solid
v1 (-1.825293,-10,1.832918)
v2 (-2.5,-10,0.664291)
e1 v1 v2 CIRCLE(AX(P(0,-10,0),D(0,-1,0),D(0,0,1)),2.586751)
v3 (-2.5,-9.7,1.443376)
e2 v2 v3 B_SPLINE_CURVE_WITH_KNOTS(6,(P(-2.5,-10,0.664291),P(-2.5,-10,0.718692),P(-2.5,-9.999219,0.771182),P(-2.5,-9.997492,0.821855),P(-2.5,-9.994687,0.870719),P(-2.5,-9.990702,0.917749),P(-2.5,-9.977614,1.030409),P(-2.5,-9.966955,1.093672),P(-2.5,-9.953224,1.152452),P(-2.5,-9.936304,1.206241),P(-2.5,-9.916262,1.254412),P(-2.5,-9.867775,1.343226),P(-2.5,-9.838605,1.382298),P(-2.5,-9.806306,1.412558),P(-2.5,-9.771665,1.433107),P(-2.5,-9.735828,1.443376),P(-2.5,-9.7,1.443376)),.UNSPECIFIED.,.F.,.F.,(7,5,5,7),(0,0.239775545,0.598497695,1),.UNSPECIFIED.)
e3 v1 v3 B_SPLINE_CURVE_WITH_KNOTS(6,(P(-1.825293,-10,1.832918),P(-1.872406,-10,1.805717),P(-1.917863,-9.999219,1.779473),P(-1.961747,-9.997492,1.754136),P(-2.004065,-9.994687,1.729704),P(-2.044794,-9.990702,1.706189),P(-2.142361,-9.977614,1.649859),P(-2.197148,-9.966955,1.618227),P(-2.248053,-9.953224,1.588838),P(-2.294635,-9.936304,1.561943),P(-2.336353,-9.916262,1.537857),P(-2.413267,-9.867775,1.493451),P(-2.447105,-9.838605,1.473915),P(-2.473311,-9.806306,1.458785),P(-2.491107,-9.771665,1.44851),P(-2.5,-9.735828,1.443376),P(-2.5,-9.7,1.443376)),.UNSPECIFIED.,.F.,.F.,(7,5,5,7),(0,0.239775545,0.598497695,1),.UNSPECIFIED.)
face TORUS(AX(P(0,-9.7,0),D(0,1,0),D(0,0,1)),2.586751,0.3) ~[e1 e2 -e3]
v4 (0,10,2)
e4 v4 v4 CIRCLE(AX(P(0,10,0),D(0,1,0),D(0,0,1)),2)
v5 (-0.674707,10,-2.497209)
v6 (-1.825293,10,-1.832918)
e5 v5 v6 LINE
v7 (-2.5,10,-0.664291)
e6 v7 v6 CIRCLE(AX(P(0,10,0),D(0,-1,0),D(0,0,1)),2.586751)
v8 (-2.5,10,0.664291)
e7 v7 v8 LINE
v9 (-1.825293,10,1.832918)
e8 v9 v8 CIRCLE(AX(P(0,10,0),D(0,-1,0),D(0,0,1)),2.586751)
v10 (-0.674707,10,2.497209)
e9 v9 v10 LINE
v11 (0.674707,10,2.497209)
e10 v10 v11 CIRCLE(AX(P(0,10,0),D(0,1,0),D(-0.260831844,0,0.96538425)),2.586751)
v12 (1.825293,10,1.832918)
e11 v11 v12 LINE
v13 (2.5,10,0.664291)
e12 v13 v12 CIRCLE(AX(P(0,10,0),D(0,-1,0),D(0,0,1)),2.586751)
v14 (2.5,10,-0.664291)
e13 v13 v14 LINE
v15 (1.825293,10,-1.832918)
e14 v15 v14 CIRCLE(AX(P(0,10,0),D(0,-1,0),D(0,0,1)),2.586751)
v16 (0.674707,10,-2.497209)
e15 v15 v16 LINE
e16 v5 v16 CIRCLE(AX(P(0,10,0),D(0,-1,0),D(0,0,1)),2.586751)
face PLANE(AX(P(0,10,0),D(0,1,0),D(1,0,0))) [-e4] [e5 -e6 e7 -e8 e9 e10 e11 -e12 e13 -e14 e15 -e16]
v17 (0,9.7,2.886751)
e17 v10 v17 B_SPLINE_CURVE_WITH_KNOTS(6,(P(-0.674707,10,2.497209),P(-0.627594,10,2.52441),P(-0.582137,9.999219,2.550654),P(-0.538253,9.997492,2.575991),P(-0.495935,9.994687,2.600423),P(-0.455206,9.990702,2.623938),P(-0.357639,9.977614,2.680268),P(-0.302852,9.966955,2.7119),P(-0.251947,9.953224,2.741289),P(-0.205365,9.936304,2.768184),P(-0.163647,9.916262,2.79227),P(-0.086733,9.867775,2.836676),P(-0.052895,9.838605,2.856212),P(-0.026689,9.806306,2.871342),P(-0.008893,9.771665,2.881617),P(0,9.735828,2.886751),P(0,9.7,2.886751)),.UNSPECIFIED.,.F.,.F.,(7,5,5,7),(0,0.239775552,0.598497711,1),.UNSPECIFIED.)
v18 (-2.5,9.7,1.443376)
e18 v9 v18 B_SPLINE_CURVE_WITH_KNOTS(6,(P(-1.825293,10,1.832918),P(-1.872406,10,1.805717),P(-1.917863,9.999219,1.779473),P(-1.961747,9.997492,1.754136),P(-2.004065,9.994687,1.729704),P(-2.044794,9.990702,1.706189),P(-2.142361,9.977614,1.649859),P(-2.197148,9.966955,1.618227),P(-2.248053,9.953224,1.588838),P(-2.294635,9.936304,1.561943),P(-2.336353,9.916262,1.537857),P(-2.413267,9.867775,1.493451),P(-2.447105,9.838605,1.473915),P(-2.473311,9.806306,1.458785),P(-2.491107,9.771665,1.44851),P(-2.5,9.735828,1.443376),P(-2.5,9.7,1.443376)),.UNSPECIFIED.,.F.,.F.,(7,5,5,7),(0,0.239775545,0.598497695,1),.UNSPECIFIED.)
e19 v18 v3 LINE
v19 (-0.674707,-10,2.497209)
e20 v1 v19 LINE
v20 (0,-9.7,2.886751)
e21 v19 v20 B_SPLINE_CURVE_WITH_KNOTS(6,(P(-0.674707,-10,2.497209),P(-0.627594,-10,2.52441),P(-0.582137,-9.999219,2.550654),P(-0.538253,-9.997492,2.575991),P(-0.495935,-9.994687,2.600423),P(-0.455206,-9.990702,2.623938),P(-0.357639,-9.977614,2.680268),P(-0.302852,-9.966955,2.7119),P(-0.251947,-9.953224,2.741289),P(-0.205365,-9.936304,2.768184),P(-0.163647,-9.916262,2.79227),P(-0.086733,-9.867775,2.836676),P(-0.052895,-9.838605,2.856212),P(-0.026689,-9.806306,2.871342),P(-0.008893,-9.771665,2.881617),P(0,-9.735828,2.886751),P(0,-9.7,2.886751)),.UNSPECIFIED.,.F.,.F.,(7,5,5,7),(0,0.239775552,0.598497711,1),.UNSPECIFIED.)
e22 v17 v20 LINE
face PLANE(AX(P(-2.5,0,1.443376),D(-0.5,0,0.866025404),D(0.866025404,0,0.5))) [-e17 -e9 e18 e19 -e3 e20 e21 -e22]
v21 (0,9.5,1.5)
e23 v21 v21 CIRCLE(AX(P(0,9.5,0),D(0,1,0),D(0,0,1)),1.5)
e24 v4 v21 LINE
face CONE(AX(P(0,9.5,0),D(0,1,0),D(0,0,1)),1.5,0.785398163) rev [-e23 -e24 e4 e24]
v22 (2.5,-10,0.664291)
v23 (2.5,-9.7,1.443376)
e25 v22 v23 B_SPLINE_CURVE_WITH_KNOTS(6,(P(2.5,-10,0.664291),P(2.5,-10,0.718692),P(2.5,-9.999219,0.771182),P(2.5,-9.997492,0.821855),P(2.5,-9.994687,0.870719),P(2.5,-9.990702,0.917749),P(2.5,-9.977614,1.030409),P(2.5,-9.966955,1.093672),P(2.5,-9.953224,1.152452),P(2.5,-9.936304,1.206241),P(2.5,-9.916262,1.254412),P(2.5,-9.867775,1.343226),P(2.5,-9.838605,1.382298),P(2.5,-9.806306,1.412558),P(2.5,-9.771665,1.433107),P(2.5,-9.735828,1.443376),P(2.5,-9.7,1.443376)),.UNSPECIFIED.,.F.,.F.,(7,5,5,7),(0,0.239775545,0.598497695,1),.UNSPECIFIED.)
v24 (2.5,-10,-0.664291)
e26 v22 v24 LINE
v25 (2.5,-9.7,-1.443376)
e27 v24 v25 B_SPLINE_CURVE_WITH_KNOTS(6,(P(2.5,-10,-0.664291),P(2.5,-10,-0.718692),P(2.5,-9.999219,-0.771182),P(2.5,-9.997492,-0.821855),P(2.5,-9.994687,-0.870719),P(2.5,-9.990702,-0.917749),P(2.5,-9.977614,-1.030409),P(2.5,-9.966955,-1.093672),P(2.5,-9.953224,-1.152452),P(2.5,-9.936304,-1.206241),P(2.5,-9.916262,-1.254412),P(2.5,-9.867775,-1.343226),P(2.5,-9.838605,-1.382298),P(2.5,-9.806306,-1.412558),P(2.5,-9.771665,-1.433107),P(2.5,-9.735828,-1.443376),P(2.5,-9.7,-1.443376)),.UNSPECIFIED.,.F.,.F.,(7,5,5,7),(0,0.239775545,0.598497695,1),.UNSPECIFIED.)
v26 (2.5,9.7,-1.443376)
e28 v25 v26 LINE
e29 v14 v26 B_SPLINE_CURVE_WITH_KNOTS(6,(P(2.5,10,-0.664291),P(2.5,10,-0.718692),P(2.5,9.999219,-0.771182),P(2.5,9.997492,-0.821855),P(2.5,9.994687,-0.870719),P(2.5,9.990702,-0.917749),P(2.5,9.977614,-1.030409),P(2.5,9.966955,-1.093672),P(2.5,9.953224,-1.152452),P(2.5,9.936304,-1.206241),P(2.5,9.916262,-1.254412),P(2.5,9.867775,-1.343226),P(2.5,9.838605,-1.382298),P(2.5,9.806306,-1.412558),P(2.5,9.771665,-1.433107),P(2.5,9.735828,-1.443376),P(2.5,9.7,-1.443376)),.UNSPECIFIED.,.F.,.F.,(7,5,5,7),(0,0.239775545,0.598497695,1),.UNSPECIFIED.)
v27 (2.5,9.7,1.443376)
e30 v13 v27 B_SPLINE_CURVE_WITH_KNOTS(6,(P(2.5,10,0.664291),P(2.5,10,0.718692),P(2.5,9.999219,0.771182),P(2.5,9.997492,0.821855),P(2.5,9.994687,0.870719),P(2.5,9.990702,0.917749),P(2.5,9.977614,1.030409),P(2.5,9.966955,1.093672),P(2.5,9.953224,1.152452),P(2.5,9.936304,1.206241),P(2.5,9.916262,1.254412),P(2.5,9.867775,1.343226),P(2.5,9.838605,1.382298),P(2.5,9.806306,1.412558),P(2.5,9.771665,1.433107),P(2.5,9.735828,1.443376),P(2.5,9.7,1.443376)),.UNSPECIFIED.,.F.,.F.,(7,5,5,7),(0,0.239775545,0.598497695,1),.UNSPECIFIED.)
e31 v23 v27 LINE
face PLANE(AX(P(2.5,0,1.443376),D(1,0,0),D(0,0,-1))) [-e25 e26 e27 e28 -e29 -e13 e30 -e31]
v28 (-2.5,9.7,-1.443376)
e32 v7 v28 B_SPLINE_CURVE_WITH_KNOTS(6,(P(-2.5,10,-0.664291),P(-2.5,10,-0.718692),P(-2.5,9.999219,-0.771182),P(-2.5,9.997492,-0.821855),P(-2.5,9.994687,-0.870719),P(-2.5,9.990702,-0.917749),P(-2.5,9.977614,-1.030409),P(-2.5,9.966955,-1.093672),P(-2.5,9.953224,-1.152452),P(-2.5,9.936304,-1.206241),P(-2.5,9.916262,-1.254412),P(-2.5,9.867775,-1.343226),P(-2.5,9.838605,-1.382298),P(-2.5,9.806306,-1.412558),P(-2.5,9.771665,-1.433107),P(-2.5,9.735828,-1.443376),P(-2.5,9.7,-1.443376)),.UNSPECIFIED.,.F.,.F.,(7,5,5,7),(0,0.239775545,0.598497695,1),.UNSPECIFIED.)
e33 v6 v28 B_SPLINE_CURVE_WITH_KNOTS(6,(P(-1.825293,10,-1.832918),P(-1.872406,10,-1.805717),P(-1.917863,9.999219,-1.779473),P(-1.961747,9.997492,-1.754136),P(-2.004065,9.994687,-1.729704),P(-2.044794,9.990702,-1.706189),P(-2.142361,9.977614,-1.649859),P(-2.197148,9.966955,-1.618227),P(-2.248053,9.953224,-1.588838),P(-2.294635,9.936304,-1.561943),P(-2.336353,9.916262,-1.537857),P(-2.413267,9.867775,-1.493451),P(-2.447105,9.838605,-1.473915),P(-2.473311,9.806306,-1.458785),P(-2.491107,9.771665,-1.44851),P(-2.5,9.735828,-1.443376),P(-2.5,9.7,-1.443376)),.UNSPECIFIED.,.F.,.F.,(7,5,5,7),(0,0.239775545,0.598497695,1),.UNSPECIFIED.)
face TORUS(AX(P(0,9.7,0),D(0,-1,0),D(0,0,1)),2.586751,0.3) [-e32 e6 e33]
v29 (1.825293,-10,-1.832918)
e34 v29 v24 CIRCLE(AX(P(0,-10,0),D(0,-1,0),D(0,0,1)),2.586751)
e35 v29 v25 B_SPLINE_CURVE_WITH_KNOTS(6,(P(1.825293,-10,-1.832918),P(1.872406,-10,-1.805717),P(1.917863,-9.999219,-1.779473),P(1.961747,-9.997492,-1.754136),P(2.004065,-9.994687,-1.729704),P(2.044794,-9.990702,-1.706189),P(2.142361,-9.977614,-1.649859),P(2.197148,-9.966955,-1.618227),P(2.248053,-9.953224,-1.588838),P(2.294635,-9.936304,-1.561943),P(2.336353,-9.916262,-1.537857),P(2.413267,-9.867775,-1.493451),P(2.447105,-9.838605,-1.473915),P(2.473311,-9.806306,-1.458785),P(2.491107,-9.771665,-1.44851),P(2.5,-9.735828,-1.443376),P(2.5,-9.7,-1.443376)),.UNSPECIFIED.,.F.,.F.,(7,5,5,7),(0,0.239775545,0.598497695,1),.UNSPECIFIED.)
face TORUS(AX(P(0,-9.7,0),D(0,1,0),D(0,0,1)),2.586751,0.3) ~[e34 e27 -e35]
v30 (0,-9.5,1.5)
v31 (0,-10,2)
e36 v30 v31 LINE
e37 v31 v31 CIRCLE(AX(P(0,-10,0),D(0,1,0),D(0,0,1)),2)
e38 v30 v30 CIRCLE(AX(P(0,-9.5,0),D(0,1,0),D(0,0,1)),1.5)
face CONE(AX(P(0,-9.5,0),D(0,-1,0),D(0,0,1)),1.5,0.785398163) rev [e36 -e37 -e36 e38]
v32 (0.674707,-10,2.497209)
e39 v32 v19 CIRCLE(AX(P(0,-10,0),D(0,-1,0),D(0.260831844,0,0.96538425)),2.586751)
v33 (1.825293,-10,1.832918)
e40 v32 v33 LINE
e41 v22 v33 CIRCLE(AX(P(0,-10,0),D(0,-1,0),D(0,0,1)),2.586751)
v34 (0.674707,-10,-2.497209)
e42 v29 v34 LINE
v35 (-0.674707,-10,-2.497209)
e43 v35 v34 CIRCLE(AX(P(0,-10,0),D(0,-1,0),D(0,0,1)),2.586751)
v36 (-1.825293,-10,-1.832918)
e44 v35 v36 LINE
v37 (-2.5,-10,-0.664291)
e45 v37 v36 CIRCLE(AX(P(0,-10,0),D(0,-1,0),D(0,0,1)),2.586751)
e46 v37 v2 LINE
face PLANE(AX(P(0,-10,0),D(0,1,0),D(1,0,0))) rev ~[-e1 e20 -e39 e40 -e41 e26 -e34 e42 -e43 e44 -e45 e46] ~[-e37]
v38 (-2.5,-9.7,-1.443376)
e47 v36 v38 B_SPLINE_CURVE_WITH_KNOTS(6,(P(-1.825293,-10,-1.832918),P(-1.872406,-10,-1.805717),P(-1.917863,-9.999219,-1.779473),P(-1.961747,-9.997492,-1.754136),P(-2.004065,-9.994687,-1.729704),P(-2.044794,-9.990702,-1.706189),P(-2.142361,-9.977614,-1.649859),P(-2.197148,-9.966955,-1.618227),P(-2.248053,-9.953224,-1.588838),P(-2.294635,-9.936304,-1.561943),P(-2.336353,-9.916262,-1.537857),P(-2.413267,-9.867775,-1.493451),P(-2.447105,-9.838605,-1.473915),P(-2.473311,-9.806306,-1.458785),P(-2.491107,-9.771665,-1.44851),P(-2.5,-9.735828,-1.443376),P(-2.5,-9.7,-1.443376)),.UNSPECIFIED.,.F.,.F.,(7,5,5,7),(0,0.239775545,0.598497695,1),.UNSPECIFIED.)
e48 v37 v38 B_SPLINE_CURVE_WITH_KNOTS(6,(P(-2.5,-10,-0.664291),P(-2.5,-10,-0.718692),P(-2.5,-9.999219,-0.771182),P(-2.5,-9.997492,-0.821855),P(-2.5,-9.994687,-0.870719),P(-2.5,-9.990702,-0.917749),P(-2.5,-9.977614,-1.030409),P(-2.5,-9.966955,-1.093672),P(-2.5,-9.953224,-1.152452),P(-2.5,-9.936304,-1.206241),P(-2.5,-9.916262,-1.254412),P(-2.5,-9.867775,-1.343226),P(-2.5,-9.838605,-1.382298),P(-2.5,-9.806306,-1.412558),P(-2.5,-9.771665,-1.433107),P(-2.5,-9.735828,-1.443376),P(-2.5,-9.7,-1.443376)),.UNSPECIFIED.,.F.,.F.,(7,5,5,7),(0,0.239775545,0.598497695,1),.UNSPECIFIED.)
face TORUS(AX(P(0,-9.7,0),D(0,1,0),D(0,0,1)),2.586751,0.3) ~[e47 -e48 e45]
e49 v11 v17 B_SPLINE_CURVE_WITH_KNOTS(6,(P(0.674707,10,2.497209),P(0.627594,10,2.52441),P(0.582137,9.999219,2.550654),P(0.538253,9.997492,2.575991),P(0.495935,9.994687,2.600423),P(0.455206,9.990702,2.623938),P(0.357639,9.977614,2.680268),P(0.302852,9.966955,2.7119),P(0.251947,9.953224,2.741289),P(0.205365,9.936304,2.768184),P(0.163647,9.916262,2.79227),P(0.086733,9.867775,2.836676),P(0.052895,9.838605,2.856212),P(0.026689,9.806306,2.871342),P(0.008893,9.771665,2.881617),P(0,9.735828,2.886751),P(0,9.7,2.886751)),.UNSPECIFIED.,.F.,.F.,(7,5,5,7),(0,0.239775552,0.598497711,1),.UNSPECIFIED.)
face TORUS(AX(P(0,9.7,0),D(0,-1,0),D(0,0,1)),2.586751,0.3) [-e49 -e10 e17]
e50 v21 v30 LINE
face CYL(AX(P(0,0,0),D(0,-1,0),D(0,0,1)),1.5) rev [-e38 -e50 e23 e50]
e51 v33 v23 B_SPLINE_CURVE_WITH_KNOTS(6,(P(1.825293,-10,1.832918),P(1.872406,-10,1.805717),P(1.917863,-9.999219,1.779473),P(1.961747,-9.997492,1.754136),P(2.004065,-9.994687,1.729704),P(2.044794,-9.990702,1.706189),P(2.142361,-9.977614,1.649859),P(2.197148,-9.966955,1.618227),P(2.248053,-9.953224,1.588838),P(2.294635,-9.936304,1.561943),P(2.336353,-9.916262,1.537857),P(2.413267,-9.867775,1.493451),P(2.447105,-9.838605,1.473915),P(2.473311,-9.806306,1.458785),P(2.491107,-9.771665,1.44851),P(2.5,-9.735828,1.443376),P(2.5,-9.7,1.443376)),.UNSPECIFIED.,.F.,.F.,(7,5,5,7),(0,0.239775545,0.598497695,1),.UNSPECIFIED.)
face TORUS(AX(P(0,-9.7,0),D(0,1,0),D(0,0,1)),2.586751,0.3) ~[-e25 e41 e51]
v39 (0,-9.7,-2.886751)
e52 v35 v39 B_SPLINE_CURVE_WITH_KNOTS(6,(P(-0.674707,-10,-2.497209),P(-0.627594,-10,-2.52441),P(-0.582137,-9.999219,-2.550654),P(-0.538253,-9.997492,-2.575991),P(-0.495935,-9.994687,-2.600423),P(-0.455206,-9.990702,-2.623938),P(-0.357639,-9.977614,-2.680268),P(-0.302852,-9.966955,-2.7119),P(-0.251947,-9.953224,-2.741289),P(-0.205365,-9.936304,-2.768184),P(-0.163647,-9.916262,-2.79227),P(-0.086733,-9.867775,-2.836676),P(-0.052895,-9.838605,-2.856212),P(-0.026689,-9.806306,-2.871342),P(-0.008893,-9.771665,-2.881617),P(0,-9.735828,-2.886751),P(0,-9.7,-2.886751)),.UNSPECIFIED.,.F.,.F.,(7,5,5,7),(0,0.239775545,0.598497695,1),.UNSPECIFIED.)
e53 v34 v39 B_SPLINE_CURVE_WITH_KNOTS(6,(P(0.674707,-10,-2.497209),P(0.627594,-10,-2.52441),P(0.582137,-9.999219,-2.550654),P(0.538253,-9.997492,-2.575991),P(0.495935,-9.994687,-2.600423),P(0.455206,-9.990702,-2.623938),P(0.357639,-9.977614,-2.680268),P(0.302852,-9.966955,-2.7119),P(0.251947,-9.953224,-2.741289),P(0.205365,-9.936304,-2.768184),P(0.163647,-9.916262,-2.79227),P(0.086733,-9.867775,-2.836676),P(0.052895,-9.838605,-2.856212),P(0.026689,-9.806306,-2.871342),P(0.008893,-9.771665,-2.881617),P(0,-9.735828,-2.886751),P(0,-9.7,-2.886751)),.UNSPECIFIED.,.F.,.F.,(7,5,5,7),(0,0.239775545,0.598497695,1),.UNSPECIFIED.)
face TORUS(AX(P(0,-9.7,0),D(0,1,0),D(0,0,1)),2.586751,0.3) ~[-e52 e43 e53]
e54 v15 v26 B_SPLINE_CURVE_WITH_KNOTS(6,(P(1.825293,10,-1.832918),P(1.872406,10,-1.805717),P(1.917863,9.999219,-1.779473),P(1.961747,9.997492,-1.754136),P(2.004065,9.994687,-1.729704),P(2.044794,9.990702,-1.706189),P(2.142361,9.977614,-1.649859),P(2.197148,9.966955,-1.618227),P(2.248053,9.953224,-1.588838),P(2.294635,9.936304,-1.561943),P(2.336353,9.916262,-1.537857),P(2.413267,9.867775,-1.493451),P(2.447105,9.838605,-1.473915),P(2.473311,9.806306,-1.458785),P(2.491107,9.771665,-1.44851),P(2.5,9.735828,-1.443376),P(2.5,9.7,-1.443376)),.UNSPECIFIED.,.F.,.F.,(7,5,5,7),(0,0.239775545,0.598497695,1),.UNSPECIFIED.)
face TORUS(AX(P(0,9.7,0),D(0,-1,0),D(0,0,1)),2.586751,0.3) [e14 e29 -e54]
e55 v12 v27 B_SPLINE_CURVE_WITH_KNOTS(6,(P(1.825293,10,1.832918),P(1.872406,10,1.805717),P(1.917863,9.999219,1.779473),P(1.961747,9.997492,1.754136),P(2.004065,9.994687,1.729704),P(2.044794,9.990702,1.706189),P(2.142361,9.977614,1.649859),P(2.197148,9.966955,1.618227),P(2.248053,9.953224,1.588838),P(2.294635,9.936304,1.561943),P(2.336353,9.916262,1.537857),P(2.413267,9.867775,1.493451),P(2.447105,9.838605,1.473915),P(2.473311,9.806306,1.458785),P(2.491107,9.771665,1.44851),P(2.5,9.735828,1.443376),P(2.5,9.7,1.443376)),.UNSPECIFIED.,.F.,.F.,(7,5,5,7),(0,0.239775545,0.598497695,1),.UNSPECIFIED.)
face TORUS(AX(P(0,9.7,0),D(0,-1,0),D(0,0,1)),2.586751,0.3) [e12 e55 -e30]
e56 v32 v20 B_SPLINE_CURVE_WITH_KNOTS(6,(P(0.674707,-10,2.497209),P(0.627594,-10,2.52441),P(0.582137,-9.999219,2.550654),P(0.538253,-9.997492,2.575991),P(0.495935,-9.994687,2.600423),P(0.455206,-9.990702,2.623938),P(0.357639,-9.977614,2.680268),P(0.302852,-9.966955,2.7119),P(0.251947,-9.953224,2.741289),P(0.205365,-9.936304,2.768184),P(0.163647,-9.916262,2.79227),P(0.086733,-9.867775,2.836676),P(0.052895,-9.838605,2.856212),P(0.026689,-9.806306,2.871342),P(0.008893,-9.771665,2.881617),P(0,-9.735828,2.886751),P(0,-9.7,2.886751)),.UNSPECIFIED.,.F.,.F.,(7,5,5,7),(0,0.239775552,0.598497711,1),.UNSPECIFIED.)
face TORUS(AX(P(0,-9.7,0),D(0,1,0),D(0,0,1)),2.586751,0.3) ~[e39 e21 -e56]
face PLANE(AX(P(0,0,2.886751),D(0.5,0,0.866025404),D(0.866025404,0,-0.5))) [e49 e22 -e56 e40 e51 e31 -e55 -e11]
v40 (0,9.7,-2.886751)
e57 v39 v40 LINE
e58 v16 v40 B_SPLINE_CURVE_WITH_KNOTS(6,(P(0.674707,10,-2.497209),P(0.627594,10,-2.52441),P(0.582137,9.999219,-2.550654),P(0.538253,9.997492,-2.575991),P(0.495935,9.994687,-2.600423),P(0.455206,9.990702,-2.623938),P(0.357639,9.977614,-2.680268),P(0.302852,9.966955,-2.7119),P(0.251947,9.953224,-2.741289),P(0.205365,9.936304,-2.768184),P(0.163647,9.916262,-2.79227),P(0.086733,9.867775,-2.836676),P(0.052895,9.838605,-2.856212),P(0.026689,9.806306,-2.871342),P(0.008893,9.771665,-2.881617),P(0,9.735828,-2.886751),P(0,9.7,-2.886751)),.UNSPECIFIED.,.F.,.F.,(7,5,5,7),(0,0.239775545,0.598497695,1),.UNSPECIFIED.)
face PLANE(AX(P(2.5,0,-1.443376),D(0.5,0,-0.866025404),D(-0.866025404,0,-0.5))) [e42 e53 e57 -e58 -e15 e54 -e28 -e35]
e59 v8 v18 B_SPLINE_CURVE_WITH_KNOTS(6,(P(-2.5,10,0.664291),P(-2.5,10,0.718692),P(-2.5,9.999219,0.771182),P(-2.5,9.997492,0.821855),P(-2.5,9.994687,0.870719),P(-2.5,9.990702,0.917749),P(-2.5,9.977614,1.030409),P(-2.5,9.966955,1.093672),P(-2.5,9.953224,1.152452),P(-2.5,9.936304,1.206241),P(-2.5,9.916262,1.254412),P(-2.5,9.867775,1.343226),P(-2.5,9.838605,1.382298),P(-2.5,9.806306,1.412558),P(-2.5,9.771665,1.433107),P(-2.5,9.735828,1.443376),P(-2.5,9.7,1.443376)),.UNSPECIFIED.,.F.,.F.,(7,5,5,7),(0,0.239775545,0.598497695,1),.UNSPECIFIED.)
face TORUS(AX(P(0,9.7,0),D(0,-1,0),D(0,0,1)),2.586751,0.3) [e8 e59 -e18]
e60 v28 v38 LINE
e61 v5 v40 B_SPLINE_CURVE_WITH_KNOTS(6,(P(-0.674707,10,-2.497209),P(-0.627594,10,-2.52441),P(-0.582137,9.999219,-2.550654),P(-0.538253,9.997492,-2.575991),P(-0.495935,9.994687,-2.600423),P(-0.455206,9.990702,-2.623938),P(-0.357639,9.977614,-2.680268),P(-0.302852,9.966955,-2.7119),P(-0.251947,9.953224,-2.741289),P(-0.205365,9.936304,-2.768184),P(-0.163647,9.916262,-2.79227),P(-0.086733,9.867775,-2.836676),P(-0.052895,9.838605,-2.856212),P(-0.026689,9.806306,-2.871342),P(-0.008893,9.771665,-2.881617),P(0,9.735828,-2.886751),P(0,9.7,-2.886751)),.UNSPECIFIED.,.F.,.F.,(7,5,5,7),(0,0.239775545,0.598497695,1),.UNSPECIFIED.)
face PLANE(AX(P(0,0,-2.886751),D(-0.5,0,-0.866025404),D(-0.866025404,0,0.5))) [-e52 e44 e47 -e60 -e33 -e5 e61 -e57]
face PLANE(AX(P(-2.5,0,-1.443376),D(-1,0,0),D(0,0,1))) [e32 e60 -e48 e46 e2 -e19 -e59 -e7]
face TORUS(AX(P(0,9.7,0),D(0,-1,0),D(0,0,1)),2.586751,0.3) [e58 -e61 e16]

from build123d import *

# Parameters (mm, degrees)
SKETCH2_R           = 1.5
BOSS_EXTRUDE2_DEPTH = 10
CHAMFER1_SIZE       = 0.5


with BuildPart() as part:
    # Sketch2 → Boss-Extrude2 (new, symmetric)
    with BuildSketch(Plane(origin=(0, 0, 0), x_dir=(1, 0, 0), z_dir=(0, 1, 0))):
        Polygon((0, -2.886751346), (2.5, -1.443375673), (2.5, 1.443375673), (0, 2.886751346), (-2.5, 1.443375673), (-2.5, -1.443375673), align=None)
        with Locations(Location((0, 0, 0), (0, 0, 270))):
            Circle(SKETCH2_R, mode=Mode.SUBTRACT)
    extrude(amount=BOSS_EXTRUDE2_DEPTH, both=True)

    # Chamfer1
    chamfer1_edges = [part.edges().sort_by_distance(p)[0] for p in [
        (0, -10, -1.5),
        (0, 10, -1.5),
    ]]
    chamfer(chamfer1_edges, length=CHAMFER1_SIZE)

    # Sketch4 → Cut-Revolve1 (revolve, cut)
    with BuildSketch(Plane(origin=(0, 0, 0), x_dir=(0, 0, -1), z_dir=(1, 0, 0))):
        with BuildLine():
            Line((-2.886751346, 9.7), (-2.886751346, 10))
            Line((-2.886751346, 10), (-2.586751346, 10))
            ThreePointArc((-2.586751346, 10), (-2.79888338, 9.912132034), (-2.886751346, 9.7))
        make_face()
    cut_revolve1 = revolve(axis=Axis((0, 57.75, 0), (0, -1, 0)), mode=Mode.SUBTRACT)

    # Mirror1: Cut-Revolve1 across plane
    add(cut_revolve1.mirror(Plane.ZX), mode=Mode.SUBTRACT)


solid = part.part
